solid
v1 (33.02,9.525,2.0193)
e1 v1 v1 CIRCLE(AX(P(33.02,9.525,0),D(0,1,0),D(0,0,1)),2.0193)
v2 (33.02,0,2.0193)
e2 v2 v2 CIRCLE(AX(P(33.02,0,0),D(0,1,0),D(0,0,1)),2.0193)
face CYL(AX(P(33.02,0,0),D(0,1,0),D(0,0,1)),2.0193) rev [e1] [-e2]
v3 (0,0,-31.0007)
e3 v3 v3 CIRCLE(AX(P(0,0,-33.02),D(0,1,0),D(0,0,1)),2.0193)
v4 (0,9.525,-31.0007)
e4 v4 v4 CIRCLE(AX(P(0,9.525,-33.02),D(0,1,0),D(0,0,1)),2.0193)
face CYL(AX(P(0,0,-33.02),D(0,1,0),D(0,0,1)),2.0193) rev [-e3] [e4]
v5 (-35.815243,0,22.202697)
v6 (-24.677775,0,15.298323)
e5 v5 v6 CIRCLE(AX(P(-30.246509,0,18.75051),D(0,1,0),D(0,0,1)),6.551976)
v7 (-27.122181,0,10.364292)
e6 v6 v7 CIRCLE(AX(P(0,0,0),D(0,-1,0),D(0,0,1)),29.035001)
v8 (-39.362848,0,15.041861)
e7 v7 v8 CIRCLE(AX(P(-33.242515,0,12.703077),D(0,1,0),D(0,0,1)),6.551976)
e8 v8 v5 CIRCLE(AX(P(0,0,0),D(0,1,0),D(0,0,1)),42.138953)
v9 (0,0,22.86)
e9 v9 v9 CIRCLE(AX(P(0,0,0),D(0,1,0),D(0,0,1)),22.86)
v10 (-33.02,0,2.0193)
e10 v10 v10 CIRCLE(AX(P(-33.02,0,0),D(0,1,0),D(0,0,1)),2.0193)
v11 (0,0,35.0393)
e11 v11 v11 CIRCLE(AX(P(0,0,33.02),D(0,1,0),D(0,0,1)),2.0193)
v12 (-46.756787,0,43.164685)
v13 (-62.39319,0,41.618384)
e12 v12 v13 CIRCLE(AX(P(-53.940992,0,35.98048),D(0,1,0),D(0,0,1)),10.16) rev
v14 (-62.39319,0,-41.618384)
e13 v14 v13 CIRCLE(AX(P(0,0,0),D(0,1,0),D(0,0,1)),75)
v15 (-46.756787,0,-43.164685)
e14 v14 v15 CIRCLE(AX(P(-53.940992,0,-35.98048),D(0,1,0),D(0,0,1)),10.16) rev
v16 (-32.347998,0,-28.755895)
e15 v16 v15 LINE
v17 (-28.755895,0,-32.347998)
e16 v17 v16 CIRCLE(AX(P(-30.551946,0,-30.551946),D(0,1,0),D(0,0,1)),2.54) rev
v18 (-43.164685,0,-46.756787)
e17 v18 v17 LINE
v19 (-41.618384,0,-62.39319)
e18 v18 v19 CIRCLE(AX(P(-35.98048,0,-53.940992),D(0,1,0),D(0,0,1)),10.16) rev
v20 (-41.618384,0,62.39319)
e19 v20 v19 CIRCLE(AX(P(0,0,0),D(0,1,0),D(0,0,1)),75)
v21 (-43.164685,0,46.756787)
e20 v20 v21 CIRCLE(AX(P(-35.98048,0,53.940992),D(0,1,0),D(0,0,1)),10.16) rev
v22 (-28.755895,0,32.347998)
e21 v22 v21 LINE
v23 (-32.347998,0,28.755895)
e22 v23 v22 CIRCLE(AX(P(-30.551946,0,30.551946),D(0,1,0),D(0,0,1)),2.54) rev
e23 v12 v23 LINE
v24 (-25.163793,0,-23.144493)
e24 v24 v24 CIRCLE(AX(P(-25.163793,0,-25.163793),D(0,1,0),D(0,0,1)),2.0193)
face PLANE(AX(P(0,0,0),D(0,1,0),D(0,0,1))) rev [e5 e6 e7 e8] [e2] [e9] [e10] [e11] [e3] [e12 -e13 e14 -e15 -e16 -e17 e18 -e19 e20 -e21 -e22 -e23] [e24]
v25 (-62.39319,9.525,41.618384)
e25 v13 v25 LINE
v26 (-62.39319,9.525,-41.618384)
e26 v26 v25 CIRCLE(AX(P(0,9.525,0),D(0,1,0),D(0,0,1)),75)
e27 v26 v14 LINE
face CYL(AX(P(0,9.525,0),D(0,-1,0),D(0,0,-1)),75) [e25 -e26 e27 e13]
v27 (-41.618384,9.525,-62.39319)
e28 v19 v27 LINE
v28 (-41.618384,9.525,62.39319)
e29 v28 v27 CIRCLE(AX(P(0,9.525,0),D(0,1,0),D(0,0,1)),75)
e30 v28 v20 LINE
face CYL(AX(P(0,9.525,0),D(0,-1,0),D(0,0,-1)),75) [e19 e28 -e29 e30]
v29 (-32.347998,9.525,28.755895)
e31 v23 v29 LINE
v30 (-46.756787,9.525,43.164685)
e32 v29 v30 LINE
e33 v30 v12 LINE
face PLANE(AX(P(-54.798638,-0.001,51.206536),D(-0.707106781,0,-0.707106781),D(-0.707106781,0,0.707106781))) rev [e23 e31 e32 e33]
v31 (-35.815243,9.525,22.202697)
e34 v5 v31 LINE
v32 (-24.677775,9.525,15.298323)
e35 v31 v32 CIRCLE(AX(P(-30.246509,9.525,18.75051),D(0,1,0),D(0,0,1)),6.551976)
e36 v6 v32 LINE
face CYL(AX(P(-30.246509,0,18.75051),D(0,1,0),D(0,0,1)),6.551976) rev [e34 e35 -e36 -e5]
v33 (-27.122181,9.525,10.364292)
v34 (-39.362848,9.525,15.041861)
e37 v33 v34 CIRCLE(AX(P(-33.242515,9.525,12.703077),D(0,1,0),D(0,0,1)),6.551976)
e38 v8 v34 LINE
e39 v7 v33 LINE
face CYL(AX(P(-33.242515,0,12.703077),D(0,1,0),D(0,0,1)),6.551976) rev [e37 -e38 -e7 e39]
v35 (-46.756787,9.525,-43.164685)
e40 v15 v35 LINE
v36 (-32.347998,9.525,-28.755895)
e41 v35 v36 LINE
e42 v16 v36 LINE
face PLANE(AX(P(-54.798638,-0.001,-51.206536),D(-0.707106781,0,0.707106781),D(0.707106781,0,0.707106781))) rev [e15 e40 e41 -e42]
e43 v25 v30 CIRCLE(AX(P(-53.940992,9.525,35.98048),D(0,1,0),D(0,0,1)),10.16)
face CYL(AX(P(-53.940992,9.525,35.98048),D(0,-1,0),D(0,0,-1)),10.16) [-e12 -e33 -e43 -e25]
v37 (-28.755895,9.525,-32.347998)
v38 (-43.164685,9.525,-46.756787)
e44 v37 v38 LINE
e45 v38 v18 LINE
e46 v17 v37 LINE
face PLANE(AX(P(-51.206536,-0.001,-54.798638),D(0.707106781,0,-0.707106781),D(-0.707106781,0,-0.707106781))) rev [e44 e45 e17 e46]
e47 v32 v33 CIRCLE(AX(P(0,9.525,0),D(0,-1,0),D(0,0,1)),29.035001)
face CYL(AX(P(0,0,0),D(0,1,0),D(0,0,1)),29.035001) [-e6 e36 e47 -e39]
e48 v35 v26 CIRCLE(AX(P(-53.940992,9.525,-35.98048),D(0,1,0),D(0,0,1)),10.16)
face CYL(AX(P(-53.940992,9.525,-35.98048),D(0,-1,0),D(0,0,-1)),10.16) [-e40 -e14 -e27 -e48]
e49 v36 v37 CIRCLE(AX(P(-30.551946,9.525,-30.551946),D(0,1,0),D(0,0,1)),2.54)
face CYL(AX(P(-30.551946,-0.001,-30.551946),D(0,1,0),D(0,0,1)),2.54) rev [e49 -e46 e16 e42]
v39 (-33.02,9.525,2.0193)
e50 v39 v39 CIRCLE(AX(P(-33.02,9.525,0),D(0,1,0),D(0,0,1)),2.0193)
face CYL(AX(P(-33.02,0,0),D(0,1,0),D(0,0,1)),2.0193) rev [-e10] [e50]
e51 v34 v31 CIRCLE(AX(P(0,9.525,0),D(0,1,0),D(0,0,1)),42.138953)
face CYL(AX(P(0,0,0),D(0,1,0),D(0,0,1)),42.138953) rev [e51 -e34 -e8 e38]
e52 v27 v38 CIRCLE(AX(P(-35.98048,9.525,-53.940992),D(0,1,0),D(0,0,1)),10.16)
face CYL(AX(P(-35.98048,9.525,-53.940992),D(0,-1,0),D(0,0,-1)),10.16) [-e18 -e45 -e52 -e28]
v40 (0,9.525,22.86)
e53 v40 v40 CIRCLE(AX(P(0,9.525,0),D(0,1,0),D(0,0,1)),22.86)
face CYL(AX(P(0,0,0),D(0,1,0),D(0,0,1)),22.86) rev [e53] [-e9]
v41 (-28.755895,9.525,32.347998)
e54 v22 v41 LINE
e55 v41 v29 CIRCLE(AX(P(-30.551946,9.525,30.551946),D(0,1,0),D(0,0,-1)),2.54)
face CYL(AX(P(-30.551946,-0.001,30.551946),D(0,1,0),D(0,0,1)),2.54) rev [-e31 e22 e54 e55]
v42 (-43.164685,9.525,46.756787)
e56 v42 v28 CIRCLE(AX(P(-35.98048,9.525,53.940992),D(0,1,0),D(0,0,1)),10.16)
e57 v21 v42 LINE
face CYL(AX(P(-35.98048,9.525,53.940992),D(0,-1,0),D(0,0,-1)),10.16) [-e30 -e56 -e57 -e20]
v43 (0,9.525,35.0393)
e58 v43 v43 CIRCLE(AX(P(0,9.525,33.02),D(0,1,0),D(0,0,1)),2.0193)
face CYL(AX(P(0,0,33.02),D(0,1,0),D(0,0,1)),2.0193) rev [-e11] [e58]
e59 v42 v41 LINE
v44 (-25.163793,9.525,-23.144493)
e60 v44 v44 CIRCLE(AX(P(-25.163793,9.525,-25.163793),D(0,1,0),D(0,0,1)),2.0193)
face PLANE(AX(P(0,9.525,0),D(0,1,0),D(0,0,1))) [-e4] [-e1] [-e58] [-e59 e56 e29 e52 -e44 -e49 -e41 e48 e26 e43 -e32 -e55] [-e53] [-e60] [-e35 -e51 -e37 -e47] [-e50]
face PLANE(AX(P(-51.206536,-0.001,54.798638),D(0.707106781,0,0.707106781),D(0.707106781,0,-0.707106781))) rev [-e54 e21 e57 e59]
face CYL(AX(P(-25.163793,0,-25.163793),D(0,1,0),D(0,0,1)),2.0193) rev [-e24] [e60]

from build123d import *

# Parameters (mm, degrees)
SKETCH1_R           = 75
BOSS_EXTRUDE1_DEPTH = 9.525
CUT_EXTRUDE2_REACH  = 108.493
FILLET1_R           = 10.16
SKETCH39_R          = 22.86
SKETCH39_R_2        = 2.0193
CUT_EXTRUDE30_DEPTH = 247.31360274
SKETCH42_R          = 2.0193
CUT_EXTRUDE33_DEPTH = 247.31360274
CUT_EXTRUDE35_DEPTH = 247.31360274


with BuildPart() as part:
    # Sketch1 → Boss-Extrude1 (new body)
    with BuildSketch(Plane(origin=(0, 0, 0), x_dir=(1, 0, 0), z_dir=(0, 1, 0))):
        with Locations(Location((0, 0, 0), (0, 0, 90))):
            Circle(SKETCH1_R)
    extrude(amount=BOSS_EXTRUDE1_DEPTH)

    # Sketch11 → Cut-Extrude2 (cut, up to next)
    with BuildSketch(Plane(origin=(0, 9.525, 0), x_dir=(1, 0, 0), z_dir=(0, 1, 0)), mode=Mode.PRIVATE) as cut_extrude2_sk1:
        with BuildLine():
            Line((-54.798637954, 51.206535505), (-32.347997651, 28.755895202))
            ThreePointArc((-32.347997651, 28.755895202), (-28.755895202, 28.755895202), (-28.755895202, 32.347997651))
            Line((-28.755895202, 32.347997651), (-51.206535505, 54.798637954))
            ThreePointArc((-51.206535505, 54.798637954), (-53.033008589, 53.033008589), (-54.798637954, 51.206535505))
        make_face()
    cut_extrude2_tool1 = extrude(cut_extrude2_sk1.sketch, amount=-CUT_EXTRUDE2_REACH, mode=Mode.PRIVATE) & part.part
    # Sketch11 → Cut-Extrude2 (cut, up to next)
    with BuildSketch(Plane(origin=(0, 9.525, 0), x_dir=(1, 0, 0), z_dir=(0, 1, 0)), mode=Mode.PRIVATE) as cut_extrude2_sk2:
        with BuildLine():
            Line((-51.206535505, -54.798637954), (-28.755895202, -32.347997651))
            ThreePointArc((-28.755895202, -32.347997651), (-28.755895202, -28.755895202), (-32.347997651, -28.755895202))
            Line((-32.347997651, -28.755895202), (-54.798637954, -51.206535505))
            ThreePointArc((-54.798637954, -51.206535505), (-53.033008589, -53.033008589), (-51.206535505, -54.798637954))
        make_face()
    cut_extrude2_tool2 = extrude(cut_extrude2_sk2.sketch, amount=-CUT_EXTRUDE2_REACH, mode=Mode.PRIVATE) & part.part
    add(cut_extrude2_tool1.solids().sort_by_distance((-41.078737, 9.525, -41.078737))[0], mode=Mode.SUBTRACT)
    add(cut_extrude2_tool2.solids().sort_by_distance((-41.078737, 9.525, 41.078737))[0], mode=Mode.SUBTRACT)

    # Fillet1
    fillet1_edges = [part.edges().sort_by_distance(p)[0] for p in [
        (-51.206535505, 4.7625, 54.798637954),
        (-54.798637954, 4.7625, 51.206535505),
        (-54.798637954, 4.7625, -51.206535505),
        (-51.206535505, 4.7625, -54.798637954),
    ]]
    fillet(fillet1_edges, radius=FILLET1_R)

    # Sketch39 → Cut-Extrude30 (cut, through all)
    with BuildSketch(Plane(origin=(-73.768816189, 9.525, -121.080352405), x_dir=(1, 0, 0), z_dir=(0, 1, 0))):
        with Locations(Location((73.768816189, -121.080352405, 0), (0, 0, 270))):
            Circle(SKETCH39_R)
        with Locations(Location((73.768816189, -88.060352405, 0), (0, 0, 270))):
            Circle(SKETCH39_R_2)
        with Locations(Location((106.788816189, -121.080352405, 0), (0, 0, 270))):
            Circle(SKETCH39_R_2)
        with Locations(Location((73.768816189, -154.100352405, 0), (0, 0, 270))):
            Circle(SKETCH39_R_2)
        with Locations(Location((40.748816189, -121.080352405, 0), (0, 0, 270))):
            Circle(SKETCH39_R_2)
    extrude(amount=-CUT_EXTRUDE30_DEPTH, mode=Mode.SUBTRACT)

    # Sketch42 → Cut-Extrude33 (cut, through all)
    with BuildSketch(Plane(origin=(-73.768816189, 9.525, -121.080352405), x_dir=(1, 0, 0), z_dir=(0, 1, 0))):
        with Locations(Location((48.605023435, -95.916559651, 0), (0, 0, 270))):
            Circle(SKETCH42_R)
    extrude(amount=-CUT_EXTRUDE33_DEPTH, mode=Mode.SUBTRACT)

    # Sketch44 → Cut-Extrude35 (cut, through all)
    with BuildSketch(Plane(origin=(-73.768816189, 9.525, -121.080352405), x_dir=(1, 0, 0), z_dir=(0, 1, 0))):
        with BuildLine():
            ThreePointArc((34.405967979, -136.122213123), (36.00963526, -139.786919397), (37.953573181, -143.283049568))
            ThreePointArc((37.953573181, -143.283049568), (46.974494303, -145.399596657), (49.091041391, -136.378675534))
            ThreePointArc((49.091041391, -136.378675534), (47.751609959, -133.969737166), (46.646635186, -131.444644817))
            ThreePointArc((46.646635186, -131.444644817), (38.18751743, -127.663095366), (34.405967979, -136.122213123))
        make_face()
    extrude(amount=-CUT_EXTRUDE35_DEPTH, mode=Mode.SUBTRACT)


solid = part.part
